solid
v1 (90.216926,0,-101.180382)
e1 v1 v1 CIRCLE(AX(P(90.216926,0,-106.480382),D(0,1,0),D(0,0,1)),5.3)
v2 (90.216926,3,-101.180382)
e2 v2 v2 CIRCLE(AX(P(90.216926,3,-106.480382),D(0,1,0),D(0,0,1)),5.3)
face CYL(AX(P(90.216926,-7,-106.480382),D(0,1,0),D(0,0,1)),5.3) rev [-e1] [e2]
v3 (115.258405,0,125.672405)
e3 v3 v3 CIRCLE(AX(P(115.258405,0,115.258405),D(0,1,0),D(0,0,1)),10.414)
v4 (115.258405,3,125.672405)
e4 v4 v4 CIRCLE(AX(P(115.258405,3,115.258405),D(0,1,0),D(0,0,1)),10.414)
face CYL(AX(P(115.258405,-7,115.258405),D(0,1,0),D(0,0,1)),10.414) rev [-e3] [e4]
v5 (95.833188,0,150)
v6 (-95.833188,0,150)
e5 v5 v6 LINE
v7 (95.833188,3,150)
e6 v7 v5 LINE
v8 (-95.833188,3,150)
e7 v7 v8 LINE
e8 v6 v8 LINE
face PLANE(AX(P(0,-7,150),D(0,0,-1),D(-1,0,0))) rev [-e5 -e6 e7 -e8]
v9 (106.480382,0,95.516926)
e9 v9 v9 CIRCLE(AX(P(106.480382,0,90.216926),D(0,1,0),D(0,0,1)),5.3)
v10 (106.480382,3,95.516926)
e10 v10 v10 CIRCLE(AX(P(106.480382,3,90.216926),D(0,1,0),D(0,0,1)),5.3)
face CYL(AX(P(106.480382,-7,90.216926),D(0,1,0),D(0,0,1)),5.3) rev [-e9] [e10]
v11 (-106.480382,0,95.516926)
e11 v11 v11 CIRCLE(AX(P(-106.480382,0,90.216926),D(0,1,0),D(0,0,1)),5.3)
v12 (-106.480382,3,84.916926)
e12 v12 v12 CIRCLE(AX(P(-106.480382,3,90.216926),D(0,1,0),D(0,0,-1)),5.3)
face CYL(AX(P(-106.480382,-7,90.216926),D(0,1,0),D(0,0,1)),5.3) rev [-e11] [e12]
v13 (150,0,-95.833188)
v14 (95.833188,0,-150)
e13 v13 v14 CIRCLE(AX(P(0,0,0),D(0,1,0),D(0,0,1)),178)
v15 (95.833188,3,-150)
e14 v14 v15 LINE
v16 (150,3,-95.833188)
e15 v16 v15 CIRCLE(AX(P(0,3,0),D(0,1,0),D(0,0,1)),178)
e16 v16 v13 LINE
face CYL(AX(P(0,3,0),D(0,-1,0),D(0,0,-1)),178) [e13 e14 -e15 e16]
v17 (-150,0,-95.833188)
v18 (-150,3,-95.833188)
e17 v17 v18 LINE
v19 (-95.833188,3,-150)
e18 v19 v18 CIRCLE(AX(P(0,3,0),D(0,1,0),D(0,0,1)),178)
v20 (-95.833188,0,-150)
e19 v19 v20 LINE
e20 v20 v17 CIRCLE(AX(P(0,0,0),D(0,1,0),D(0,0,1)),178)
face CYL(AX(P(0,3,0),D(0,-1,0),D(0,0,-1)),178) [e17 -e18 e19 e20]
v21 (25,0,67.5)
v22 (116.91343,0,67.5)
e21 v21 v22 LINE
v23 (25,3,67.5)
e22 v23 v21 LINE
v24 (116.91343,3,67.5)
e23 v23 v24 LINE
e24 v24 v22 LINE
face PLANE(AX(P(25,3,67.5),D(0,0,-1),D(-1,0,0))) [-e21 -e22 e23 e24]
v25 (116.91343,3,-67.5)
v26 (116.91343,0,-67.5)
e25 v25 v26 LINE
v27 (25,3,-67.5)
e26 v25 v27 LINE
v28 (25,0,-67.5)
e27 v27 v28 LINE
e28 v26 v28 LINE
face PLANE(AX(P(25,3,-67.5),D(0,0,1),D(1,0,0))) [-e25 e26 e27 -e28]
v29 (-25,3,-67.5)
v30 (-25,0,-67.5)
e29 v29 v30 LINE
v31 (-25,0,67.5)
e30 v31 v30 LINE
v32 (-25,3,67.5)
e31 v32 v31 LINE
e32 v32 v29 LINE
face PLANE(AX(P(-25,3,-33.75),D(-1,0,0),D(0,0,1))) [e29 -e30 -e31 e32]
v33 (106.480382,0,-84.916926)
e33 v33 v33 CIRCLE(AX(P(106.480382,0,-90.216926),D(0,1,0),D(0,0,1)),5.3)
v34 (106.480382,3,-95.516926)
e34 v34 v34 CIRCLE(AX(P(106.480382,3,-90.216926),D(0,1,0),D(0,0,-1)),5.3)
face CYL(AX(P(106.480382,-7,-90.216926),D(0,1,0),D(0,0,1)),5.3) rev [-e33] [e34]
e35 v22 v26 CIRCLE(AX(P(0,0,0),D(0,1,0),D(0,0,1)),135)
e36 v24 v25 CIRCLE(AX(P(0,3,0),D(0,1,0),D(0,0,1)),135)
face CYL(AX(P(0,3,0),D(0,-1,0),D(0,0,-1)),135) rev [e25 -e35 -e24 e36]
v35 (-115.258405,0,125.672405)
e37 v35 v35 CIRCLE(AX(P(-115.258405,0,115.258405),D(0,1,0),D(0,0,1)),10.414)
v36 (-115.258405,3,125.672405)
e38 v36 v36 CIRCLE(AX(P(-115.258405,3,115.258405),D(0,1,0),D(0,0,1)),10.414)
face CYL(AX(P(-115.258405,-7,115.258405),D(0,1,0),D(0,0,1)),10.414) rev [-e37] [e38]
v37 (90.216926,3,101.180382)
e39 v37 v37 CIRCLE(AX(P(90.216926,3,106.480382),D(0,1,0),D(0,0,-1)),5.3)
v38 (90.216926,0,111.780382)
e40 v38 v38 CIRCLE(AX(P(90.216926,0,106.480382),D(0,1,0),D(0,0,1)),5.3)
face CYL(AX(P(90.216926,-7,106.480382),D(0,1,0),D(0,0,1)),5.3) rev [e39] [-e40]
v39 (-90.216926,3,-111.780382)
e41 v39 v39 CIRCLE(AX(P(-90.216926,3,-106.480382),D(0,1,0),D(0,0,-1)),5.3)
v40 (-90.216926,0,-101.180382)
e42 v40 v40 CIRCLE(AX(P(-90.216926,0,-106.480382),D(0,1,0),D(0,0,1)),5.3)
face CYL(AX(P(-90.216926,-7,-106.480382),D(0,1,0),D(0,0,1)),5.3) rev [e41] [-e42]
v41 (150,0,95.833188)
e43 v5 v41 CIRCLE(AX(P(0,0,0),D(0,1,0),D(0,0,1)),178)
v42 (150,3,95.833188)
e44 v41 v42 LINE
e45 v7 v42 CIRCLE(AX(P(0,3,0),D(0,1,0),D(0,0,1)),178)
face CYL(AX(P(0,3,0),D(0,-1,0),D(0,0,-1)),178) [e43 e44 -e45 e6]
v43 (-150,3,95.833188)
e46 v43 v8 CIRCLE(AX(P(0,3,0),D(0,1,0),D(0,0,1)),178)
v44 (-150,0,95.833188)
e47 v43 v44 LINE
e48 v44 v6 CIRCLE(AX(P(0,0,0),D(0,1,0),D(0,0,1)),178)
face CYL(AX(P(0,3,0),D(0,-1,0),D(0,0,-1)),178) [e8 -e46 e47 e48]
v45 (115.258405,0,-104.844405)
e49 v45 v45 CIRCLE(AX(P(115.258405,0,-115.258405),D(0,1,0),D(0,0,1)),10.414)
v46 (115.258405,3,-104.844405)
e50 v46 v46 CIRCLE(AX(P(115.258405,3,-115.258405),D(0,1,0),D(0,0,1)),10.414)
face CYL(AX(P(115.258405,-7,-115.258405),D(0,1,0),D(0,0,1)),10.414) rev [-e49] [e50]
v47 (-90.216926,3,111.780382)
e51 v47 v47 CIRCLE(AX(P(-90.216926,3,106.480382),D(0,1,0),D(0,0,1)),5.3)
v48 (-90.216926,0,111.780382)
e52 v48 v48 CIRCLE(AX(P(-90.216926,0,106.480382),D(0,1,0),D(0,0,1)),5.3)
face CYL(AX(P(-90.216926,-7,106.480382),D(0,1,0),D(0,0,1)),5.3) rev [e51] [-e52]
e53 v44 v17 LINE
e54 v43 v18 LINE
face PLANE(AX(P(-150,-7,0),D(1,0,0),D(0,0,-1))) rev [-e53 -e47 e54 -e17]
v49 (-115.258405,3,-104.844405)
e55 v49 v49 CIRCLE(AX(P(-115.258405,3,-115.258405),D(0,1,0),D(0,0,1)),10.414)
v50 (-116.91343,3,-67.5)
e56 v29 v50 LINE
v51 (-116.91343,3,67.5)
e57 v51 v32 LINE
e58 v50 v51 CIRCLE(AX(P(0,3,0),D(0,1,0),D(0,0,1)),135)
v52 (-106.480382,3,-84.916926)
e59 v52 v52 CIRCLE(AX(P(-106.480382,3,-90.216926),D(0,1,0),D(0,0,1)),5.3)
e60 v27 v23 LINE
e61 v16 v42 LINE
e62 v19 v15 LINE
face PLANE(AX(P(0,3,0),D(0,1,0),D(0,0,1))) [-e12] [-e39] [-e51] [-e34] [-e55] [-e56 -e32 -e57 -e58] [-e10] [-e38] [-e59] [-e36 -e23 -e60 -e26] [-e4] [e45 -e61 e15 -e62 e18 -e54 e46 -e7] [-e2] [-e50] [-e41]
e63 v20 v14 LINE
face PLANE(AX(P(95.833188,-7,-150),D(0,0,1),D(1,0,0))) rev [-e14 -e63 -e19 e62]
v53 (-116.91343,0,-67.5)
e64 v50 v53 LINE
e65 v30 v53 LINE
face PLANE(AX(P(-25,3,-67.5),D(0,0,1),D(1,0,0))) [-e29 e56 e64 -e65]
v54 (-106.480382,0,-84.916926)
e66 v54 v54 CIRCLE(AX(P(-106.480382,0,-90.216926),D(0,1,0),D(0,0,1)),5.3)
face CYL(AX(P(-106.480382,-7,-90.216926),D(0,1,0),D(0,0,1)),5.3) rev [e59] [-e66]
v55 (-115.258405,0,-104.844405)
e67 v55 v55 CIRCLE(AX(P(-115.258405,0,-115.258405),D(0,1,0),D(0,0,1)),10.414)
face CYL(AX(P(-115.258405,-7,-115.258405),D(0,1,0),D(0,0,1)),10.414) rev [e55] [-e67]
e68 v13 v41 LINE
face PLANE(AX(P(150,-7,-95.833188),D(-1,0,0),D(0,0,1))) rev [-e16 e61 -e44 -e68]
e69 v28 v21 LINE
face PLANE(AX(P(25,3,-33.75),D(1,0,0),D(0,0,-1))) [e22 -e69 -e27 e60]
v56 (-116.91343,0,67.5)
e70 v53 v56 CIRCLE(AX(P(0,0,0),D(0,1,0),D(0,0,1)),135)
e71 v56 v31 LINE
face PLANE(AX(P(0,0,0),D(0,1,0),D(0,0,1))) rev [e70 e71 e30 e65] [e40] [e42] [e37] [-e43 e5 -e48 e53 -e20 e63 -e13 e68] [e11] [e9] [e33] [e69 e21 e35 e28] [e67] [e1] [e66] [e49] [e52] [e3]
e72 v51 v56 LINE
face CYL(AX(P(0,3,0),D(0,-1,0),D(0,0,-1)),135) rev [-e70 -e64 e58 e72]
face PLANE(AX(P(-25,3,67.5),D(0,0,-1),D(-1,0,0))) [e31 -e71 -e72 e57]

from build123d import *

# Parameters (mm, degrees)
SKETCH_3_R          = 178
EXTRUDE_3_DEPTH     = 3
SKETCH_4_R          = 10.414
SKETCH_4_R_2        = 5.3
CUT_EXTRUDE_1_DEPTH = 10
CUT_EXTRUDE_2_DEPTH = 10


with BuildPart() as part:
    # 草图3 → 凸台-拉伸3 (new body)
    with BuildSketch(Plane(origin=(0, 0, 0), x_dir=(1, 0, 0), z_dir=(0, 1, 0))):
        Circle(SKETCH_3_R)
        with BuildLine():
            Line((-25, 33.75), (-25, -67.5))
            Line((-25, -67.5), (-116.913429511, -67.5))
            ThreePointArc((-116.913429511, -67.5), (-135, 0), (-116.913429511, 67.5))
            Line((-116.913429511, 67.5), (-25, 67.5))
            Line((-25, 67.5), (-25, 33.75))
        make_face(mode=Mode.SUBTRACT)
        with BuildLine():
            Line((25, 33.75), (25, 67.5))
            Line((25, 67.5), (116.913429511, 67.5))
            ThreePointArc((116.913429511, 67.5), (135, 0), (116.913429511, -67.5))
            Line((116.913429511, -67.5), (25, -67.5))
            Line((25, -67.5), (25, 33.75))
        make_face(mode=Mode.SUBTRACT)
    extrude(amount=EXTRUDE_3_DEPTH)

    # 草图4 → 切除-拉伸1 (cut)
    with BuildSketch(Plane(origin=(0, 3, 0), x_dir=(1, 0, 0), z_dir=(0, 1, 0))):
        with Locations((115.258405333, 115.258405333)):
            Circle(SKETCH_4_R)
        with Locations((115.258405333, -115.258405333)):
            Circle(SKETCH_4_R)
        with Locations((-115.258405333, -115.258405333)):
            Circle(SKETCH_4_R)
        with Locations((-115.258405333, 115.258405333)):
            Circle(SKETCH_4_R)
        with Locations((-90.216925784, -106.480381752)):
            Circle(SKETCH_4_R_2)
        with Locations((-106.480381752, -90.216925784)):
            Circle(SKETCH_4_R_2)
        with Locations((-106.480381752, 90.216925784)):
            Circle(SKETCH_4_R_2)
        with Locations((-90.216925784, 106.480381752)):
            Circle(SKETCH_4_R_2)
        with Locations((90.216925784, 106.480381752)):
            Circle(SKETCH_4_R_2)
        with Locations((106.480381752, 90.216925784)):
            Circle(SKETCH_4_R_2)
        with Locations((106.480381752, -90.216925784)):
            Circle(SKETCH_4_R_2)
        with Locations((90.216925784, -106.480381752)):
            Circle(SKETCH_4_R_2)
    extrude(amount=-CUT_EXTRUDE_1_DEPTH, mode=Mode.SUBTRACT)

    # 草图5 → 切除-拉伸2 (cut)
    with BuildSketch(Plane(origin=(0, 3, 0), x_dir=(1, 0, 0), z_dir=(0, 1, 0))):
        with BuildLine():
            Line((95.833188406, 150), (0, 150))
            Line((0, 150), (-95.833188406, 150))
            ThreePointArc((-95.833188406, 150), (0, 178), (95.833188406, 150))
        make_face()
        with BuildLine():
            Line((150, 95.833188406), (150, 0))
            Line((150, 0), (150, -95.833188406))
            ThreePointArc((150, -95.833188406), (178, 0), (150, 95.833188406))
        make_face()
        with BuildLine():
            Line((95.833188406, -150), (0, -150))
            Line((0, -150), (-95.833188406, -150))
            ThreePointArc((-95.833188406, -150), (0, -178), (95.833188406, -150))
        make_face()
        with BuildLine():
            Line((-150, 0), (-150, -95.833188406))
            ThreePointArc((-150, -95.833188406), (-178, 0), (-150, 95.833188406))
            Line((-150, 95.833188406), (-150, 0))
        make_face()
    extrude(amount=-CUT_EXTRUDE_2_DEPTH, mode=Mode.SUBTRACT)


solid = part.part
